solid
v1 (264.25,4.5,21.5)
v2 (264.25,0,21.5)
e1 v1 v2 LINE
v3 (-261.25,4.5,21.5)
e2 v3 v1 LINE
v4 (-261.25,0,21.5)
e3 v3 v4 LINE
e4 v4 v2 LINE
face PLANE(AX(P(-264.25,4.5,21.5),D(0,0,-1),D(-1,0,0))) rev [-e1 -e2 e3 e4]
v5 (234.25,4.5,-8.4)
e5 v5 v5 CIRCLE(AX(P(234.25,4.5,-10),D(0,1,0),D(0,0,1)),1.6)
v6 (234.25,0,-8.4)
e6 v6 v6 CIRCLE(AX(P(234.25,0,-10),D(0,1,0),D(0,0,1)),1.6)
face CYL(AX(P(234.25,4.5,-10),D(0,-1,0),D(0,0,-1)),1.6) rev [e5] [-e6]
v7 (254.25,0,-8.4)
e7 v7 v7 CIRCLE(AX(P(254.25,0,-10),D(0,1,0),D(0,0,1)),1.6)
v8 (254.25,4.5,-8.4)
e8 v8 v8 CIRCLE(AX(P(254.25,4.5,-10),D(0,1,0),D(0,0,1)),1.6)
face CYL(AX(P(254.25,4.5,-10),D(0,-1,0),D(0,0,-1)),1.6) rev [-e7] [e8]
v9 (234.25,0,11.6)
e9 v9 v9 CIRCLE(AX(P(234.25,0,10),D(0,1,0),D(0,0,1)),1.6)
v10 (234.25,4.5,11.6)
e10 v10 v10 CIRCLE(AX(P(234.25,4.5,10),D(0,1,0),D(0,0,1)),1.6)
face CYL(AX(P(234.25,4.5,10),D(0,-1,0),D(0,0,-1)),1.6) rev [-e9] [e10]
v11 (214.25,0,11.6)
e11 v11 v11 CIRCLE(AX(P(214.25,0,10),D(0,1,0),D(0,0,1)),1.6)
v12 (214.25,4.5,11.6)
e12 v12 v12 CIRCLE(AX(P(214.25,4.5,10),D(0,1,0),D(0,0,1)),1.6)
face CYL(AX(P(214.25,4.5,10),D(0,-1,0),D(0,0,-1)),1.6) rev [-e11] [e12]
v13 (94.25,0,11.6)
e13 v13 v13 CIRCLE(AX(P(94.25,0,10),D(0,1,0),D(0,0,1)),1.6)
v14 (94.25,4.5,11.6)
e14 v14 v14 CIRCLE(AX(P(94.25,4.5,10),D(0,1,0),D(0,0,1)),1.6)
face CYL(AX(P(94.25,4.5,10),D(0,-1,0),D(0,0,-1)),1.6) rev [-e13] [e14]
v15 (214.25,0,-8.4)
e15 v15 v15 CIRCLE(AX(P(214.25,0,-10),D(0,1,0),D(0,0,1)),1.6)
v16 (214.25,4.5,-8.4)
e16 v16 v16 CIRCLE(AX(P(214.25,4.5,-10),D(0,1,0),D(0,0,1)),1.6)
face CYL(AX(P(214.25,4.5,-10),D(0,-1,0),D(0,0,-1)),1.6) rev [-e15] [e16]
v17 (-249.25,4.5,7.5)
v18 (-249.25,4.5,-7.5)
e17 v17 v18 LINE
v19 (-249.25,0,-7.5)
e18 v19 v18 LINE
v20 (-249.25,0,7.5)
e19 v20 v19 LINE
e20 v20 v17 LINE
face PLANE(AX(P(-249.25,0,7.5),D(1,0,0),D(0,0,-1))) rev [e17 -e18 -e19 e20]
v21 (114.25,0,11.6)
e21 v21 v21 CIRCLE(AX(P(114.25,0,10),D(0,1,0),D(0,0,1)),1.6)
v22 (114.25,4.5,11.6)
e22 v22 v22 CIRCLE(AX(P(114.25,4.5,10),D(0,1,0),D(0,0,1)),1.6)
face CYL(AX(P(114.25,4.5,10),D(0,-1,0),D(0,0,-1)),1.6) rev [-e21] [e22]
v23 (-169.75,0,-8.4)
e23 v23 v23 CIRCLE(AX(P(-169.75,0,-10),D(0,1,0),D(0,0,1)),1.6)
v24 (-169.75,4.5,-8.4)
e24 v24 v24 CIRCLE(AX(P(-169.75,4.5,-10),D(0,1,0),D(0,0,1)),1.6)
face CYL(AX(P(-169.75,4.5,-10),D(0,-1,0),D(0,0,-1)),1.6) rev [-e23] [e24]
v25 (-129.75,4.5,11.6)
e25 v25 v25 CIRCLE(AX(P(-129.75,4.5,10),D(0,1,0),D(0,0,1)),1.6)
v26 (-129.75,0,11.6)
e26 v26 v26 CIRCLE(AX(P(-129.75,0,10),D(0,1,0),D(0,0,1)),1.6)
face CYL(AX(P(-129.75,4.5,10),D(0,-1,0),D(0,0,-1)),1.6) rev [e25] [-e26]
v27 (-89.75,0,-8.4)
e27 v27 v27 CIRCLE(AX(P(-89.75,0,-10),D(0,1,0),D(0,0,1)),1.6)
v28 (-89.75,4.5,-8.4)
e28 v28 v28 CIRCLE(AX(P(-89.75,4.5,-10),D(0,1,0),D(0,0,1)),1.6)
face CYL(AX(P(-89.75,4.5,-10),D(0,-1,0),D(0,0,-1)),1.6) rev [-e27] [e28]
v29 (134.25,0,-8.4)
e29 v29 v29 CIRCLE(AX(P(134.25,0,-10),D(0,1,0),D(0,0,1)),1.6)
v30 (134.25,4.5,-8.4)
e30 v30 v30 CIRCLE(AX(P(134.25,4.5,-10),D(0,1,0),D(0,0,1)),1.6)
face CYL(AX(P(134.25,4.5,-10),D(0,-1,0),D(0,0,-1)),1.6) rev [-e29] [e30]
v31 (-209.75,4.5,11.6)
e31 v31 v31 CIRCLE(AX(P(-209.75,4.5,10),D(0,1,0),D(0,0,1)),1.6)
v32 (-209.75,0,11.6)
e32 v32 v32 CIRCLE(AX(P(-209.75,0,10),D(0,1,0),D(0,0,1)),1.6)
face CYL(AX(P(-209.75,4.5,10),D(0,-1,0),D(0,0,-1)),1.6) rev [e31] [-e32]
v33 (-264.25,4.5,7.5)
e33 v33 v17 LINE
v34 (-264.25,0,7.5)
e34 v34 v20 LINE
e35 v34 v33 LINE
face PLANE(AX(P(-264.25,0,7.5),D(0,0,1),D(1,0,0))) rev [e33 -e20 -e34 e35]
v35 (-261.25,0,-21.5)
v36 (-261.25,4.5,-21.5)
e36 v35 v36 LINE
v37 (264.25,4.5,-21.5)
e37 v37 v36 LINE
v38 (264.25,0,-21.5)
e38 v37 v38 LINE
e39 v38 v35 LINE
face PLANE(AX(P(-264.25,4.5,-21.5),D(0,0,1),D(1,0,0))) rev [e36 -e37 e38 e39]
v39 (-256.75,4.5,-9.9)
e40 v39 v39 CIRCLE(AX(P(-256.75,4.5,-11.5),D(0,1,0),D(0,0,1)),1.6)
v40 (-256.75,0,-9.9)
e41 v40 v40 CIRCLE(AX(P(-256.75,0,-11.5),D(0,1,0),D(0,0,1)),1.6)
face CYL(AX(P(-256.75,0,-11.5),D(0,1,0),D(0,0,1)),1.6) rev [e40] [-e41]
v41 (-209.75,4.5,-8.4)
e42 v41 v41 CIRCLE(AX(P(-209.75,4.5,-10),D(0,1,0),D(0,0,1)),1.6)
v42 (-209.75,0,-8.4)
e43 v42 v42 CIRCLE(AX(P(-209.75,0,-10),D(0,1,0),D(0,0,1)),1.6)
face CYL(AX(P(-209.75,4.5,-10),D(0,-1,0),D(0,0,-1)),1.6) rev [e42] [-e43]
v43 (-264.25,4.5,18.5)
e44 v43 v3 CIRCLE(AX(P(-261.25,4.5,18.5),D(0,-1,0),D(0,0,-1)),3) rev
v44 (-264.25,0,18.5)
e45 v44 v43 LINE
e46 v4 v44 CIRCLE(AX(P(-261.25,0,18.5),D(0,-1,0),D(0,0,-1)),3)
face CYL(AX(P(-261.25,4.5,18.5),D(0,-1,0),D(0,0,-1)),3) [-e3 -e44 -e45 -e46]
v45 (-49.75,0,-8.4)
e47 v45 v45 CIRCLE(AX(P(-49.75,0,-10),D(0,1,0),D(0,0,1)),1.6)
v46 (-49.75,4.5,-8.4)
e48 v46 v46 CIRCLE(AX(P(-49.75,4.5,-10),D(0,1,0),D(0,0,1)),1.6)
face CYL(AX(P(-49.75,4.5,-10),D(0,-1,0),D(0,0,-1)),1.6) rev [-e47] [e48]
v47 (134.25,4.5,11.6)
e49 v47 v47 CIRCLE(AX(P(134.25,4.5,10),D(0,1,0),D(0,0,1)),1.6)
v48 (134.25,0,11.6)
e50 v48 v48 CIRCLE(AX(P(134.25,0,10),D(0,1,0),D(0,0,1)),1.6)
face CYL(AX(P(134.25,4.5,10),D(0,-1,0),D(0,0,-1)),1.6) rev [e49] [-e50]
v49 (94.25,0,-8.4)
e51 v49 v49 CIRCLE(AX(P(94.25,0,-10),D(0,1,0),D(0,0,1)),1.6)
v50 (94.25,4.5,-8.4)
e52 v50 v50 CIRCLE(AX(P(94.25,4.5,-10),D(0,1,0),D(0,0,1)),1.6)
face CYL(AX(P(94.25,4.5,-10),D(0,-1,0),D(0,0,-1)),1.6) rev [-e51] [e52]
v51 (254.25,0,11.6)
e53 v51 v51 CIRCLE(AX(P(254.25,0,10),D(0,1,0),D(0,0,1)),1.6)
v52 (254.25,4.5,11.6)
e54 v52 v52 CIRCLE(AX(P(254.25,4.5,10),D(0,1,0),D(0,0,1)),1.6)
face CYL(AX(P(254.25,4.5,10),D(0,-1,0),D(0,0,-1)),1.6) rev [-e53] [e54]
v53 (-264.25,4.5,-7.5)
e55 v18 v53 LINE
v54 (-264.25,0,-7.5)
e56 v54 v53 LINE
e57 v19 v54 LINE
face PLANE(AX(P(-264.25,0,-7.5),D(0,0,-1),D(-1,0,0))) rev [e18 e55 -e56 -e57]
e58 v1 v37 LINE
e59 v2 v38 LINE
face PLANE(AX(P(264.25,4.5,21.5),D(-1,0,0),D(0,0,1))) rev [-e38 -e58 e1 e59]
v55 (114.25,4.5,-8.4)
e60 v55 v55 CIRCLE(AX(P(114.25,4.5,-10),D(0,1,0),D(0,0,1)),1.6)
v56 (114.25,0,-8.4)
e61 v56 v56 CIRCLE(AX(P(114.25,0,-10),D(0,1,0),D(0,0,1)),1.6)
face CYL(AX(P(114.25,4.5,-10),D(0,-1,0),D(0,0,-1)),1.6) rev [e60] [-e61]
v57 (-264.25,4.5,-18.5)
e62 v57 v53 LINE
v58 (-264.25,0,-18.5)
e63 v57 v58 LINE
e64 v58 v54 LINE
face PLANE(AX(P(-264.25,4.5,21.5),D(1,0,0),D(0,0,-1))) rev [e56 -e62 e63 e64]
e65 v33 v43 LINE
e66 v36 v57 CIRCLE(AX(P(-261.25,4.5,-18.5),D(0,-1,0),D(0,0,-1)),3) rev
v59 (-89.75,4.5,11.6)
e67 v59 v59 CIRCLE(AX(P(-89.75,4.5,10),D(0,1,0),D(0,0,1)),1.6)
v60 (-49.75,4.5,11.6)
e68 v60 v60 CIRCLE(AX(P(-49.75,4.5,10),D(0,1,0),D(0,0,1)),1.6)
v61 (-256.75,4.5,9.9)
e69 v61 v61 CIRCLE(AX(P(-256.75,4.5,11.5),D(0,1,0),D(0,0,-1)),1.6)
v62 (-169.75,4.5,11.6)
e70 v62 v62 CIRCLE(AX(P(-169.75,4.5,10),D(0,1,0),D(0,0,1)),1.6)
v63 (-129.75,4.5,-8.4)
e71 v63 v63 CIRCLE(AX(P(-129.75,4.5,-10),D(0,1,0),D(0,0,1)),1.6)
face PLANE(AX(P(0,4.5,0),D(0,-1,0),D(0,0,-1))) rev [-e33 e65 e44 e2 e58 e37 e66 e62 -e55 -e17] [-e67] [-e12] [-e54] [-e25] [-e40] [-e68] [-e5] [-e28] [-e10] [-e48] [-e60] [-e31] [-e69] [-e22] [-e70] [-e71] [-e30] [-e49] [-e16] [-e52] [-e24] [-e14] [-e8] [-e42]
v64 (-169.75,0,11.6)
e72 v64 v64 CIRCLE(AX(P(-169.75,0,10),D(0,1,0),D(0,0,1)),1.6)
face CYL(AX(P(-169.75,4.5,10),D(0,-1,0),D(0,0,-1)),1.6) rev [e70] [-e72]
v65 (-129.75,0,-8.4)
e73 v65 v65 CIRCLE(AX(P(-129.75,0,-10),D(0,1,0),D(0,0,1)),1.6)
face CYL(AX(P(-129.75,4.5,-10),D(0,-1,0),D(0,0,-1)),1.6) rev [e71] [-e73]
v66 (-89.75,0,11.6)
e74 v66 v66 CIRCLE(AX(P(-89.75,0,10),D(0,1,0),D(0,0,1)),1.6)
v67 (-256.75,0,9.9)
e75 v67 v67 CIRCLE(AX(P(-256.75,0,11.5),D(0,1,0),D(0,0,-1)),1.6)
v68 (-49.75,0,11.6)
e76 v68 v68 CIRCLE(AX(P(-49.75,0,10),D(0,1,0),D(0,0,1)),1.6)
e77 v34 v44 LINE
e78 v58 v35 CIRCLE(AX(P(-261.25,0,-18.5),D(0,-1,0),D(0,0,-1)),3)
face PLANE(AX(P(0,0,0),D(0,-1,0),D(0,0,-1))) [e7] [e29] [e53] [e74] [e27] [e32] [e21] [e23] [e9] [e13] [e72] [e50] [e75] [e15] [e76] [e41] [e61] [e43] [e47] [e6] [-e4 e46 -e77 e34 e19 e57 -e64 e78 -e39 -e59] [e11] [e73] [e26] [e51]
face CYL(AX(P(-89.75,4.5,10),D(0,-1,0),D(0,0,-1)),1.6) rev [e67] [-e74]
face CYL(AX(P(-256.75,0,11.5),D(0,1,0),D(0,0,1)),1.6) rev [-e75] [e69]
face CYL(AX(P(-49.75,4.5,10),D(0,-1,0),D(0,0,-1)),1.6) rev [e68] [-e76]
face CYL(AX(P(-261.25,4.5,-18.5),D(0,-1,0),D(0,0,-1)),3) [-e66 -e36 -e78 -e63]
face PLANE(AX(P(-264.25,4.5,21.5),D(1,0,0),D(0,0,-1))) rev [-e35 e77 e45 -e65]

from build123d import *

# Parameters (mm, degrees)
SKETCH1_W           = 528.5
SKETCH1_H           = 43
SKETCH1_R           = 1.6
BOSS_EXTRUDE1_DEPTH = 4.5
SKETCH2_R           = 1.6
SKETCH2_W           = 15
SKETCH2_H           = 15
CUT_EXTRUDE1_DEPTH  = 5.5
FILLET1_R           = 3


with BuildPart() as part:
    # Sketch1 → Boss-Extrude1 (new body)
    with BuildSketch(Plane(origin=(0, 0, 0), x_dir=(1, 0, 0), z_dir=(0, 1, 0))):
        Rectangle(SKETCH1_W, SKETCH1_H)
        with Locations((-209.75, 10)):
            Circle(SKETCH1_R, mode=Mode.SUBTRACT)
        with Locations((-169.75, 10)):
            Circle(SKETCH1_R, mode=Mode.SUBTRACT)
        with Locations((-129.75, 10)):
            Circle(SKETCH1_R, mode=Mode.SUBTRACT)
        with Locations((-89.75, 10)):
            Circle(SKETCH1_R, mode=Mode.SUBTRACT)
        with Locations((-49.75, 10)):
            Circle(SKETCH1_R, mode=Mode.SUBTRACT)
        with Locations((-169.75, -10)):
            Circle(SKETCH1_R, mode=Mode.SUBTRACT)
        with Locations((-129.75, -10)):
            Circle(SKETCH1_R, mode=Mode.SUBTRACT)
        with Locations((-89.75, -10)):
            Circle(SKETCH1_R, mode=Mode.SUBTRACT)
        with Locations((-49.75, -10)):
            Circle(SKETCH1_R, mode=Mode.SUBTRACT)
        with Locations((-209.75, -10)):
            Circle(SKETCH1_R, mode=Mode.SUBTRACT)
        with Locations((234.25, 10)):
            Circle(SKETCH1_R, mode=Mode.SUBTRACT)
        with Locations((114.25, 10)):
            Circle(SKETCH1_R, mode=Mode.SUBTRACT)
        with Locations((114.25, -10)):
            Circle(SKETCH1_R, mode=Mode.SUBTRACT)
        with Locations((234.25, -10)):
            Circle(SKETCH1_R, mode=Mode.SUBTRACT)
        with Locations((134.25, -10)):
            Circle(SKETCH1_R, mode=Mode.SUBTRACT)
        with Locations((134.25, 10)):
            Circle(SKETCH1_R, mode=Mode.SUBTRACT)
        with Locations((254.25, 10)):
            Circle(SKETCH1_R, mode=Mode.SUBTRACT)
        with Locations((254.25, -10)):
            Circle(SKETCH1_R, mode=Mode.SUBTRACT)
        with Locations((94.25, -10)):
            Circle(SKETCH1_R, mode=Mode.SUBTRACT)
        with Locations((94.25, 10)):
            Circle(SKETCH1_R, mode=Mode.SUBTRACT)
        with Locations((214.25, 10)):
            Circle(SKETCH1_R, mode=Mode.SUBTRACT)
        with Locations((214.25, -10)):
            Circle(SKETCH1_R, mode=Mode.SUBTRACT)
    extrude(amount=BOSS_EXTRUDE1_DEPTH)

    # Sketch2 → Cut-Extrude1 (cut, through all)
    with BuildSketch(Plane(origin=(0, 4.5, 0), x_dir=(1, 0, 0), z_dir=(0, 1, 0))):
        with Locations((-256.75, 11.5)):
            Circle(SKETCH2_R)
        with Locations((-256.75, -11.5)):
            Circle(SKETCH2_R)
        with Locations((-256.75, 0)):
            Rectangle(SKETCH2_W, SKETCH2_H)
    extrude(amount=-CUT_EXTRUDE1_DEPTH, mode=Mode.SUBTRACT)

    # Fillet1
    fillet1_edges = [part.edges().sort_by_distance(p)[0] for p in [
        (-264.25, 2.25, 21.5),
        (-264.25, 2.25, -21.5),
    ]]
    fillet(fillet1_edges, radius=FILLET1_R)


solid = part.part
